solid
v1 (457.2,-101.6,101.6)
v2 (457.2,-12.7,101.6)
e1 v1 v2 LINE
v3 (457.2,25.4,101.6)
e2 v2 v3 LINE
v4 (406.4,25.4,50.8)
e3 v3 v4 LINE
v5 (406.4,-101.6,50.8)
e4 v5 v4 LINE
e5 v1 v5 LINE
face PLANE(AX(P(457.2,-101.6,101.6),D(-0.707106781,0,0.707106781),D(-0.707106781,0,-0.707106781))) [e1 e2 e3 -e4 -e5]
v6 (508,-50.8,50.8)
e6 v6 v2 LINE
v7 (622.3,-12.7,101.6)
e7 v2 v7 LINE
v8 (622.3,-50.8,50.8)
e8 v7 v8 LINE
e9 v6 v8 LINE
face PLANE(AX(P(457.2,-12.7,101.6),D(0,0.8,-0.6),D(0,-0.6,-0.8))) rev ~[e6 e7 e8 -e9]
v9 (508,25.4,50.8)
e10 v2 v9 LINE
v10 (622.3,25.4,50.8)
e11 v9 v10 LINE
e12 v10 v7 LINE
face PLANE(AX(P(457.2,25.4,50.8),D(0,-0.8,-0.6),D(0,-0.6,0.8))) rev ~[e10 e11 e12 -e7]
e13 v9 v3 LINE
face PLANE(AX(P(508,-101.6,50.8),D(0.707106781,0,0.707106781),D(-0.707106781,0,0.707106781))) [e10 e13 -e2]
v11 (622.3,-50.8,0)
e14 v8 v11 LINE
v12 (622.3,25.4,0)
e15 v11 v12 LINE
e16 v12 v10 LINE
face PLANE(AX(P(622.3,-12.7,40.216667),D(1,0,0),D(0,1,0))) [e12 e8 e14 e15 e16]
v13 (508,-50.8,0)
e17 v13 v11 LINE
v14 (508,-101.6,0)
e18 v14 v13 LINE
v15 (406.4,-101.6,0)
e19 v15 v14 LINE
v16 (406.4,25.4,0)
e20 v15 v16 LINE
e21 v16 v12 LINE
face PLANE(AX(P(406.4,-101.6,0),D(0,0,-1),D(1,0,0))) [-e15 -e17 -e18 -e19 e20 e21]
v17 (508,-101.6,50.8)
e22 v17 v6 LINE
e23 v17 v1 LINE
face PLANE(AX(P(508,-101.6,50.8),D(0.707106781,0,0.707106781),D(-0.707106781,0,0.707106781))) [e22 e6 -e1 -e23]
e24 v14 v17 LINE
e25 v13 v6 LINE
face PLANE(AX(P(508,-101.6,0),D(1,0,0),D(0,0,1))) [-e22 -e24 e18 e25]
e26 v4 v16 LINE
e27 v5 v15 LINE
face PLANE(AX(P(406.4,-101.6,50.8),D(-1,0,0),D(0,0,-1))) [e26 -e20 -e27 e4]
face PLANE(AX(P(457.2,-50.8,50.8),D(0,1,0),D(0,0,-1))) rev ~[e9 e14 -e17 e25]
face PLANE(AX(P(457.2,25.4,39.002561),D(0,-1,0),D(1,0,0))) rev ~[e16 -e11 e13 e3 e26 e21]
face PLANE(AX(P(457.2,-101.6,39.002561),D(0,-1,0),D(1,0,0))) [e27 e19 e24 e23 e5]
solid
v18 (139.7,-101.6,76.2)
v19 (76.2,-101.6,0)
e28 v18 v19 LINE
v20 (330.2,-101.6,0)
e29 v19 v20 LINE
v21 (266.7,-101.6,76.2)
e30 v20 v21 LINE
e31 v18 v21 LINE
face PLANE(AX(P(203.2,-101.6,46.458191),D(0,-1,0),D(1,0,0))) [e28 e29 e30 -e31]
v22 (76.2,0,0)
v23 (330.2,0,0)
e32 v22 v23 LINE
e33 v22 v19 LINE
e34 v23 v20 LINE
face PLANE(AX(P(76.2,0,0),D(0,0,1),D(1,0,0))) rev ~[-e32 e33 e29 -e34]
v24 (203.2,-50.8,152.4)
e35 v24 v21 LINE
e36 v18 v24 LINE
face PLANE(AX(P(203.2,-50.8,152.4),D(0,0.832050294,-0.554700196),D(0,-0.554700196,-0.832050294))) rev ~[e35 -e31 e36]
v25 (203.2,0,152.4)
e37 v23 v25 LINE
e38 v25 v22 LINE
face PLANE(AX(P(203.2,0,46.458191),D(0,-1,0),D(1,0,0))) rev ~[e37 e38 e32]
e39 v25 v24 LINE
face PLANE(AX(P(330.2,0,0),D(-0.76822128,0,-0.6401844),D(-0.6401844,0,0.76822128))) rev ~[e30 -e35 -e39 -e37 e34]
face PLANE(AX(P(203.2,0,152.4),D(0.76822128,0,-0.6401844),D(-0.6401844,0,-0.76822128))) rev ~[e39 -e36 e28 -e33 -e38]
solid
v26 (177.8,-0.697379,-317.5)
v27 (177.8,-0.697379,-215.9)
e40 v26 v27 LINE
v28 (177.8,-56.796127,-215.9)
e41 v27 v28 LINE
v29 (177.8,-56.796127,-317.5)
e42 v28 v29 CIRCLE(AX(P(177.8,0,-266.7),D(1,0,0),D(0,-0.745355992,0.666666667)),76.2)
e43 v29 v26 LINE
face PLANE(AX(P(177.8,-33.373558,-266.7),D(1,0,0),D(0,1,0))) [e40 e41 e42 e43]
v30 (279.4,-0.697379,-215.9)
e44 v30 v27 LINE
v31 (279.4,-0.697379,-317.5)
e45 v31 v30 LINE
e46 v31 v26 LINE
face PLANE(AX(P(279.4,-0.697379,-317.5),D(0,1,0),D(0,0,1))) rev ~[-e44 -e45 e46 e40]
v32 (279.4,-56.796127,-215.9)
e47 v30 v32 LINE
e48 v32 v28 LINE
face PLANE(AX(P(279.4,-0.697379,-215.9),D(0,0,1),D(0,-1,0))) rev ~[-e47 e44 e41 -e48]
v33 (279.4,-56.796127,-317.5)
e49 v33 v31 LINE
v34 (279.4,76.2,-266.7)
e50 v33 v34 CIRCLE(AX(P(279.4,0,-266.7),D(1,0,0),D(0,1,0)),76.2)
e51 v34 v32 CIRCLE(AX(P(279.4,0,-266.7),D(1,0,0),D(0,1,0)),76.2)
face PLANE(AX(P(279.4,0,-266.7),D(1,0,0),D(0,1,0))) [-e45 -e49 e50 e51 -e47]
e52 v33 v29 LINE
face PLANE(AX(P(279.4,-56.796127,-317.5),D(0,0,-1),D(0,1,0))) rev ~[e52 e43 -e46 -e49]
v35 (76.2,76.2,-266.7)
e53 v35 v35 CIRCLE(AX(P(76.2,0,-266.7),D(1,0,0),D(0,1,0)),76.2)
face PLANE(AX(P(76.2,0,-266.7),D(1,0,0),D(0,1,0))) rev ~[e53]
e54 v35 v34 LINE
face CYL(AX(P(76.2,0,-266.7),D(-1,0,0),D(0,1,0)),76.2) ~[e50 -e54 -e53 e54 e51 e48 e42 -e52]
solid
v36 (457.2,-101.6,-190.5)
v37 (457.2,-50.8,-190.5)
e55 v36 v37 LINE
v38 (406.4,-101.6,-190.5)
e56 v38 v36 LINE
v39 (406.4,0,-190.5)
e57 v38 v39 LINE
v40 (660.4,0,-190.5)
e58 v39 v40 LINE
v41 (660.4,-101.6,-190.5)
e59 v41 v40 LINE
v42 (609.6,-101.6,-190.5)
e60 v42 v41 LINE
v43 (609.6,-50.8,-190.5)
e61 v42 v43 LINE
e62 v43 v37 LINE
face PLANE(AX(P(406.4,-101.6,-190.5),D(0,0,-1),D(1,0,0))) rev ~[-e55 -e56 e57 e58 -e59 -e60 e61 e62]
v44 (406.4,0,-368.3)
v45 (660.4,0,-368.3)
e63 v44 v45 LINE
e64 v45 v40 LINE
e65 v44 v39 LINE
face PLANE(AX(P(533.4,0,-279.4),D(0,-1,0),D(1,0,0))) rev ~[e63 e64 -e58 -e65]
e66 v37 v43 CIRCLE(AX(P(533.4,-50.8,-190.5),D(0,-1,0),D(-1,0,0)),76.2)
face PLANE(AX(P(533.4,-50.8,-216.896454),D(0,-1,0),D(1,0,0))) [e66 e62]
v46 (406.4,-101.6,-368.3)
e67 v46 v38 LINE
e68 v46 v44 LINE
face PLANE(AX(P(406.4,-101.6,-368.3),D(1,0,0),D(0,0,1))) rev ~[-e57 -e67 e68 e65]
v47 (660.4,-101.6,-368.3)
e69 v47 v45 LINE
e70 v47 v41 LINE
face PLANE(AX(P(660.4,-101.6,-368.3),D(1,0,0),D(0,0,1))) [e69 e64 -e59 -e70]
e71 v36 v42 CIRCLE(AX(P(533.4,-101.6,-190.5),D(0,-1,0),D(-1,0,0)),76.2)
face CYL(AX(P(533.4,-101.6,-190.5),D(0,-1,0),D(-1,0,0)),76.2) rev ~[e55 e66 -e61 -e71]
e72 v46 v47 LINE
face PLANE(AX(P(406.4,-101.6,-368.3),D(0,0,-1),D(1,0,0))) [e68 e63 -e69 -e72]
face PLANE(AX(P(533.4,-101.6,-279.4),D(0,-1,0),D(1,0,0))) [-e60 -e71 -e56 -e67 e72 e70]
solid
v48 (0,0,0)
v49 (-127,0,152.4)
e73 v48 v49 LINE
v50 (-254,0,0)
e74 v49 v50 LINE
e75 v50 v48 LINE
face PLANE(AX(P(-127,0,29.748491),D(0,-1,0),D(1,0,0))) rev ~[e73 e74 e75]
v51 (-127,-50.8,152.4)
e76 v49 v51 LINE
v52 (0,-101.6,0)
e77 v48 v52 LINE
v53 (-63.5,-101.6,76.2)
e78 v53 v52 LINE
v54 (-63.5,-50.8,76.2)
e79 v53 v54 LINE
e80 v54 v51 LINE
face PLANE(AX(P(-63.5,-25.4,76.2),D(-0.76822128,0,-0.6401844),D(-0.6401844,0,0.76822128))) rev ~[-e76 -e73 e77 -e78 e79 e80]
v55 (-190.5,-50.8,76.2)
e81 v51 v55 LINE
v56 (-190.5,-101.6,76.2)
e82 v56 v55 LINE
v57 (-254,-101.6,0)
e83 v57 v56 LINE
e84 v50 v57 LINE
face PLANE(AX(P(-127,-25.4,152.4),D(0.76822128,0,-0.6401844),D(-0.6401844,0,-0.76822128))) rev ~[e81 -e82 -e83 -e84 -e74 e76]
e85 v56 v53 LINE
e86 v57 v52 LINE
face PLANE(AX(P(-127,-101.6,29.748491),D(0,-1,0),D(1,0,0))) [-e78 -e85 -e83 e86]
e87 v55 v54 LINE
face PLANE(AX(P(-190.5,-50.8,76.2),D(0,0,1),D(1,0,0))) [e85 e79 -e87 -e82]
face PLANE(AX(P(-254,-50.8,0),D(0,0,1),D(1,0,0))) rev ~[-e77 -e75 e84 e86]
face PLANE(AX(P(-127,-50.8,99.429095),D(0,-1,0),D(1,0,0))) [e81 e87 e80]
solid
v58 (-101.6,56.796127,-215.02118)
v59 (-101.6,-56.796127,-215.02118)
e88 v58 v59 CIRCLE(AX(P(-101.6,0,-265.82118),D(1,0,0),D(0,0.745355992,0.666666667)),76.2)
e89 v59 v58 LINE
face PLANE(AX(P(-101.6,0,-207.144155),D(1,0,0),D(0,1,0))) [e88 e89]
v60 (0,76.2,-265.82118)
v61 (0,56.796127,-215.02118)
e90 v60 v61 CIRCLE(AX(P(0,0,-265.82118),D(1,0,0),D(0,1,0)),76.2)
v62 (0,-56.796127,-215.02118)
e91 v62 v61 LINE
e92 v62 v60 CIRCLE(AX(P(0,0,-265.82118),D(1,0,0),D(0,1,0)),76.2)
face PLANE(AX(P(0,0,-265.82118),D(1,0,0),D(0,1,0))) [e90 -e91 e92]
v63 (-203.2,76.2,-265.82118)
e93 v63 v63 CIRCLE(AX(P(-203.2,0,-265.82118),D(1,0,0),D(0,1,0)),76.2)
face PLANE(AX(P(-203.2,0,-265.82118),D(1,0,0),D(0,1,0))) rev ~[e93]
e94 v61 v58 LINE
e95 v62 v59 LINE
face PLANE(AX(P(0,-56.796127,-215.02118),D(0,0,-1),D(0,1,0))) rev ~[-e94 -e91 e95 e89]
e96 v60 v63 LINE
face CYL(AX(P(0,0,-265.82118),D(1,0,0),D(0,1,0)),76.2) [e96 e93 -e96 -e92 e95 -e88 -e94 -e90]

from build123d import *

# Parameters (mm, degrees)
F1_DEPTH  = 50.8
F2_DEPTH  = 50.8
F4_DEPTH  = 25.4
F6_DEPTH  = 101.6
F7_DEPTH  = 50.8
F8_DEPTH  = 25.4
F12_DEPTH = 63.5
F14_DEPTH = 127
F18_DEPTH = 165.1
F19_R     = 76.2
F20_DEPTH = 203.2
F22_DEPTH = 101.6
F24_R     = 76.2
F25_DEPTH = 203.2
F27_DEPTH = 101.6
F28_W     = 254
F28_H     = 177.8
F29_DEPTH = 101.6
F31_DEPTH = 50.8


with BuildPart() as f1:
    # F0 (on Front) → F1 (new body)
    with BuildSketch(Plane.XZ):
        Polygon((-254, 0), (0, 0), (-63.5, 76.2), (-127, 76.2), (-190.5, 76.2), align=None)
    extrude(amount=F1_DEPTH)

    # F0 (on Front) → F2 (join)
    with BuildSketch(Plane.XZ):
        Polygon((-254, 0), (0, 0), (-63.5, 76.2), (-127, 76.2), (-190.5, 76.2), align=None)
        Polygon((-127, 76.2), (-63.5, 76.2), (-127, 152.4), (-190.5, 76.2), align=None)
    extrude(amount=F2_DEPTH)

    # F3 (on face) → F4 (cut)
    with BuildSketch(Plane.XZ.offset(50.8)):
        Polygon((-190.5, 76.2), (-127, 76.2), (-63.5, 76.2), (-127, 152.4), align=None)
    extrude(amount=-F4_DEPTH, mode=Mode.SUBTRACT)

    # F7 (add): a face of the model
    f7_faces = [f1.faces().sort_by_distance(p)[0] for p in [
        (-127, -50.8, 33.8666666667),
    ]]
    extrude(f7_faces, amount=F7_DEPTH)

    # F8 (add): a face of the model
    f8_faces = [f1.faces().sort_by_distance(p)[0] for p in [
        (-127, -25.4, 101.6),
    ]]
    extrude(f8_faces, amount=F8_DEPTH)


with BuildPart() as f6:
    # F5 (on Front) → F6 (new body)
    with BuildSketch(Plane.XZ):
        Polygon((203.2, 152.4), (76.2, 0), (330.2, 0), align=None)
    extrude(amount=F6_DEPTH)

    # F11 (on 3pt) → F12 (cut, symmetric)
    with BuildSketch(Plane(origin=(203.2, 0, 0), x_dir=(0, -1, 0), z_dir=(-1, 0, 0))):
        Polygon((101.6, 76.2), (101.6, 152.4), (50.8, 152.4), align=None)
    extrude(amount=F12_DEPTH, both=True, mode=Mode.SUBTRACT)


with BuildPart() as f14:
    # F13 (on face) → F14 (new body)
    with BuildSketch(Plane.XZ.offset(101.6)):
        Polygon((406.4, 50.8), (406.4, 0), (508, 0), (508, 50.8), (457.2, 101.6), align=None)
    extrude(amount=-F14_DEPTH)

    # F17 (on 3pt) → F18 (join)
    with BuildSketch(Plane.YZ.offset(457.2)):
        Polygon((-50.8, 0), (25.4, 0), (25.4, 50.8), (-12.7, 101.6), (-50.8, 50.8), align=None)
    extrude(amount=F18_DEPTH)


with BuildPart() as f20:
    # F19 (on Right) → F20 (new body)
    with BuildSketch(Plane.YZ):
        with Locations((0, -265.8211804291)):
            Circle(F19_R)
    extrude(amount=-F20_DEPTH)

    # F21 (on face) → F22 (cut)
    with BuildSketch(Plane.YZ):
        with BuildLine():
            ThreePointArc((56.7961266285, -215.0211804291), (0, -189.6211804291), (-56.7961266285, -215.0211804291))
            Line((-56.7961266285, -215.0211804291), (56.7961266285, -215.0211804291))
        make_face()
    extrude(amount=-F22_DEPTH, mode=Mode.SUBTRACT)


with BuildPart() as f25:
    # F24 (on offset) → F25 (new body)
    with BuildSketch(Plane.YZ.offset(76.2)):
        with Locations((0, -266.7)):
            Circle(F24_R)
    extrude(amount=F25_DEPTH)

    # F26 (on face) → F27 (cut)
    with BuildSketch(Plane.YZ.offset(279.4)):
        with BuildLine():
            Line((-0.6973790218, -317.5), (-0.6973790218, -215.9))
            Line((-0.6973790218, -215.9), (-56.7961266285, -215.9))
            ThreePointArc((-56.7961266285, -215.9), (-76.2, -266.7), (-56.7961266285, -317.5))
            Line((-56.7961266285, -317.5), (-0.6973790218, -317.5))
        make_face()
    extrude(amount=-F27_DEPTH, mode=Mode.SUBTRACT)


with BuildPart() as f29:
    # F28 (on face) → F29 (new body)
    with BuildSketch(Plane.XZ.offset(101.6)):
        with Locations((533.4, -279.4)):
            Rectangle(F28_W, F28_H)
    extrude(amount=-F29_DEPTH)

    # F30 (on face) → F31 (cut)
    with BuildSketch(Plane.XZ.offset(101.6)):
        with BuildLine():
            Line((609.6, -190.5), (457.2, -190.5))
            ThreePointArc((457.2, -190.5), (533.4, -266.7), (609.6, -190.5))
        make_face()
    extrude(amount=-F31_DEPTH, mode=Mode.SUBTRACT)


solid = Compound([f1.part, f6.part, f14.part, f20.part, f25.part, f29.part])
